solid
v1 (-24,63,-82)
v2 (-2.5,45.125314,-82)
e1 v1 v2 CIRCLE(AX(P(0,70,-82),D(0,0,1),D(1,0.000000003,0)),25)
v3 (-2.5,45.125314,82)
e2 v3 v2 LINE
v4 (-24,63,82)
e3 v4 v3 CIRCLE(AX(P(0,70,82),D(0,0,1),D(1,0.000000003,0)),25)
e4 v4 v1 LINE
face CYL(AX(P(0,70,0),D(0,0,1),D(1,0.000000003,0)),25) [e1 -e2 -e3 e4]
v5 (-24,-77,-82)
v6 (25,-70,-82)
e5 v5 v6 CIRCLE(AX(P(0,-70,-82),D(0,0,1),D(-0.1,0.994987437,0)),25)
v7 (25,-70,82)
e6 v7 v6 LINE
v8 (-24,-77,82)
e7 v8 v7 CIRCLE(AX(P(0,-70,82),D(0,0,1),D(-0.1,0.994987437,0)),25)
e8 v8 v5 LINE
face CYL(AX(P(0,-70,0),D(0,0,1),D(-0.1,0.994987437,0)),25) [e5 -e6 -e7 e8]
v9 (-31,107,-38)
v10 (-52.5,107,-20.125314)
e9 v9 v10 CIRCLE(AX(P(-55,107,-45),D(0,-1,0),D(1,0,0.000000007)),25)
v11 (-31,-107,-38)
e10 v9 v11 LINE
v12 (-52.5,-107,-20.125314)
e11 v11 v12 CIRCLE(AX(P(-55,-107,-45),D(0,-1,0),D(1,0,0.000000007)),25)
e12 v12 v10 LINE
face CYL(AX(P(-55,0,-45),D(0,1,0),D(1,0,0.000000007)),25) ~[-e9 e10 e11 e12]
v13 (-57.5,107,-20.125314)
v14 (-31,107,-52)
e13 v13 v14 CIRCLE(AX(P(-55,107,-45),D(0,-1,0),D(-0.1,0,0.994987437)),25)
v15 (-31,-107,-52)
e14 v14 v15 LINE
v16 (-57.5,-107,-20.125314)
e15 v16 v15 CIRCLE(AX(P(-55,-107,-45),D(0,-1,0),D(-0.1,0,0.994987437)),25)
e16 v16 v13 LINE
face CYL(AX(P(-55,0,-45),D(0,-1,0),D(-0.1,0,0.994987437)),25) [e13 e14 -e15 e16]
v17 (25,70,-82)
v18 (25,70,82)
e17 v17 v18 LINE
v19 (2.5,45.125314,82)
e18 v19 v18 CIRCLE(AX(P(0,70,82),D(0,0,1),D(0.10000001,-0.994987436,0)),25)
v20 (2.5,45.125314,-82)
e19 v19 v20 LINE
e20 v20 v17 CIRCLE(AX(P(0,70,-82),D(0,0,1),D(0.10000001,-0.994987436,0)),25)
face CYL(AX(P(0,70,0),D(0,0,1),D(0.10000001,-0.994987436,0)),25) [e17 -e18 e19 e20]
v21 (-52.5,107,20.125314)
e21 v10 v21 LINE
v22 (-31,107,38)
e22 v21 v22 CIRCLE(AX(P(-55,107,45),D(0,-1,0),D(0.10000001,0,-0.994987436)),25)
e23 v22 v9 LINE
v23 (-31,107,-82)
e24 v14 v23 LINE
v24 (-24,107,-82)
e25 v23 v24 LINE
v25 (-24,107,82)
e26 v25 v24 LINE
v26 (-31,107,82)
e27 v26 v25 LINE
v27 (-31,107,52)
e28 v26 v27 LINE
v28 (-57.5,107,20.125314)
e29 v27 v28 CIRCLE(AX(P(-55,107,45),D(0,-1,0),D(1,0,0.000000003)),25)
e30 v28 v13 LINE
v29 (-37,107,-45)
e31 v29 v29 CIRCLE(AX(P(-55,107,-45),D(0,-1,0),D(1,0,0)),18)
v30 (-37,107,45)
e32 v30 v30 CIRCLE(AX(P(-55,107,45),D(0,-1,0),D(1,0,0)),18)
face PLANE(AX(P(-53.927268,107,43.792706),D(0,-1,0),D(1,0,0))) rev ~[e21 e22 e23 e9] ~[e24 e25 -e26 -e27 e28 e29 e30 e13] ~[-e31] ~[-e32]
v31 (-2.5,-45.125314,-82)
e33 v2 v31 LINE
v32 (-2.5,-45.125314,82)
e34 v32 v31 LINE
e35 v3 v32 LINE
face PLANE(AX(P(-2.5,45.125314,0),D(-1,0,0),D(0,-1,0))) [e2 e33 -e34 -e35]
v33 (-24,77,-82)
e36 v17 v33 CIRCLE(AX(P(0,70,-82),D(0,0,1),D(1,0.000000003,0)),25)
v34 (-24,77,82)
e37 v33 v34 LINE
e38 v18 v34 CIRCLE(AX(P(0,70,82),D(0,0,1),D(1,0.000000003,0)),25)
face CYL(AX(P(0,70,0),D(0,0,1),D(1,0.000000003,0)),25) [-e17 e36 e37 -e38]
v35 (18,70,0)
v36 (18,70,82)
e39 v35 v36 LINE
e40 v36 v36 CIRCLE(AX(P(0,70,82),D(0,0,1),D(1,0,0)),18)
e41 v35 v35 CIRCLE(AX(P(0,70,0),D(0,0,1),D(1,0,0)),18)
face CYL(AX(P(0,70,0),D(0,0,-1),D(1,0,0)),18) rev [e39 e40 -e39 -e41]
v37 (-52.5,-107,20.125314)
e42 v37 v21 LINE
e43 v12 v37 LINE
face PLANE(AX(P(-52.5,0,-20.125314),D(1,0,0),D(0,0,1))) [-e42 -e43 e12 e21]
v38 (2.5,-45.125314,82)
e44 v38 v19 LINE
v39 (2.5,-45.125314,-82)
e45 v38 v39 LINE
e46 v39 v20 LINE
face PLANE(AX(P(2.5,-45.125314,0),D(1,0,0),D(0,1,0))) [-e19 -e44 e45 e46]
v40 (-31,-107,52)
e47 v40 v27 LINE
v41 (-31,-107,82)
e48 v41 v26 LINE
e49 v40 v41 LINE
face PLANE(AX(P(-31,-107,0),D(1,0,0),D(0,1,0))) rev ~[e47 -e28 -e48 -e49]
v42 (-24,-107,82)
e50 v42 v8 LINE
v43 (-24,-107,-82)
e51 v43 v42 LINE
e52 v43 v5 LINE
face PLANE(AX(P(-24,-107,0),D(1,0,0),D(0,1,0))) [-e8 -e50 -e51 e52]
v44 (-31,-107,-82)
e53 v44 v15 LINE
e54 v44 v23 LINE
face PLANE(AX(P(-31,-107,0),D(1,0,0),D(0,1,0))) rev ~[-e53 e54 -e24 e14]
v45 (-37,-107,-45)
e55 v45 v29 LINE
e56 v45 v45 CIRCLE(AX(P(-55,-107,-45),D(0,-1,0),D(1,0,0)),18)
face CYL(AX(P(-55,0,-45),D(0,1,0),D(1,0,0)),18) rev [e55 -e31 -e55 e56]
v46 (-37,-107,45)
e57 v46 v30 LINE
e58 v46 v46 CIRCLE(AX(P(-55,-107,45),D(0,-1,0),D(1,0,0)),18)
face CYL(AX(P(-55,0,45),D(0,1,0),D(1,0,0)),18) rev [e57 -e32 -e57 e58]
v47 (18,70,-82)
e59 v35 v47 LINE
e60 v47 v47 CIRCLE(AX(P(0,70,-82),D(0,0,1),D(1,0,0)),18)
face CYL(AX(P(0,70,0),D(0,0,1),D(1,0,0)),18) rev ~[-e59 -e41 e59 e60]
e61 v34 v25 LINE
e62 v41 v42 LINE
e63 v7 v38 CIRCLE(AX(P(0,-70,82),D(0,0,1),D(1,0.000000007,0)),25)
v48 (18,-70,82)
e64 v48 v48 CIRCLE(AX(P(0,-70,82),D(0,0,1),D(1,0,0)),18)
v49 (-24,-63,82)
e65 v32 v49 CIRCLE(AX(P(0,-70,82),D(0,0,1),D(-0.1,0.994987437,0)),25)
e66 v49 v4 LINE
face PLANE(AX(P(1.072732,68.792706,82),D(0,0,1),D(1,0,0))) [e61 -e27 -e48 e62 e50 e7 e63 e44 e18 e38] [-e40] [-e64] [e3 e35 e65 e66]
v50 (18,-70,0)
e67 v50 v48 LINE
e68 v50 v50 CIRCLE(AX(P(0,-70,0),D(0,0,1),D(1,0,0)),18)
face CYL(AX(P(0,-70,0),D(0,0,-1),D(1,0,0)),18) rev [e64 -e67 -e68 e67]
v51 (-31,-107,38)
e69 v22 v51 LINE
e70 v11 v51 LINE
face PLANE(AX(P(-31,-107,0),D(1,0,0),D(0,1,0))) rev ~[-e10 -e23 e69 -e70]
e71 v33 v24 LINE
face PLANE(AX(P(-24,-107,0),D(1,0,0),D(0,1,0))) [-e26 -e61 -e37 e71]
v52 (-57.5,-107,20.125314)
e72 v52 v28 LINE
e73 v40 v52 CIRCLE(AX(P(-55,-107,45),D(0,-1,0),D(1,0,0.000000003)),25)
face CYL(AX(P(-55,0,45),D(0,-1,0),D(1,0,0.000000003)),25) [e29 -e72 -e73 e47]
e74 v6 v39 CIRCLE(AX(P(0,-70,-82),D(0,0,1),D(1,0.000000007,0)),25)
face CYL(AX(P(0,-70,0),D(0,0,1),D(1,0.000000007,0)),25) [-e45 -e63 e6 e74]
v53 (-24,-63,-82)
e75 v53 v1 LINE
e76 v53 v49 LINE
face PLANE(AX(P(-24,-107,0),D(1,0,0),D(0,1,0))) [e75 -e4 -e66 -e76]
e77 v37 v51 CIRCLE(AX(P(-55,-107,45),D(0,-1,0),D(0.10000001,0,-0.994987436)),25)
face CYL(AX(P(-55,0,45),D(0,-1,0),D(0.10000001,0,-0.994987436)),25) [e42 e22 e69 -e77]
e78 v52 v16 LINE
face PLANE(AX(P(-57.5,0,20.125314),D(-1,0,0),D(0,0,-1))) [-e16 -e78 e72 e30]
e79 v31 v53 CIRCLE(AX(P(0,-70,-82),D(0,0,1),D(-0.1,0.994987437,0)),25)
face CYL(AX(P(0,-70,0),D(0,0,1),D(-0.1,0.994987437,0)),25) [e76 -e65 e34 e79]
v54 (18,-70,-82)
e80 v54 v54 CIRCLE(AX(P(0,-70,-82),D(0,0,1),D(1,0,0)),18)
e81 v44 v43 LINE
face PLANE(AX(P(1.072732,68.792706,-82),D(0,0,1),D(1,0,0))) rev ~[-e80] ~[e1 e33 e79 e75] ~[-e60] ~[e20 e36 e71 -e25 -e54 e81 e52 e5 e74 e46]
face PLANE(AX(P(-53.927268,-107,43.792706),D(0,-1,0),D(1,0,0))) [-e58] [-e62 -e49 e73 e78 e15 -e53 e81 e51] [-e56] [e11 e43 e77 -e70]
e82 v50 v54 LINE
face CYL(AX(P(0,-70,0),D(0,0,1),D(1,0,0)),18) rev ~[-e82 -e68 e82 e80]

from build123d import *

# Parameters (mm, degrees)
F2_W          = 7
F2_H          = 214
F3_DEPTH      = 82
F3_DEPTH_BACK = 82
F0_R          = 18
F4_DEPTH      = 107
F4_DEPTH_BACK = 107
F1_R          = 18
F5_DEPTH      = 82
F5_DEPTH_BACK = 82


with BuildPart() as f3:
    # F2 (on Top) → F3 (new body, two sides)
    with BuildSketch(Plane.XY) as f3_sk:
        with Locations((-27.5, 0)):
            Rectangle(F2_W, F2_H)
    extrude(amount=F3_DEPTH)
    extrude(f3_sk.sketch, amount=-F3_DEPTH_BACK)

    # F0 (on Front) → F4 (join, two sides)
    with BuildSketch(Plane.XZ) as f4_sk:
        with BuildLine():
            ThreePointArc((-52.5, 20.125314), (-36.459504, 28.22949), (-30, 45))
            ThreePointArc((-30, 45), (-71.77051, 63.540496), (-57.5, 20.125314))
            Line((-57.5, 20.125314), (-52.5, 20.125314))
        make_face()
        with Locations((-55, 45)):
            Circle(F0_R, mode=Mode.SUBTRACT)
        with BuildLine():
            Line((-52.5, -20.125314), (-57.5, -20.125314))
            ThreePointArc((-57.5, -20.125314), (-71.77051, -63.540496), (-30, -45))
            ThreePointArc((-30, -45), (-36.459504, -28.22949), (-52.5, -20.125314))
        make_face()
        with Locations((-55, -45)):
            Circle(F0_R, mode=Mode.SUBTRACT)
        with BuildLine():
            Line((-52.5, 20.125314), (-57.5, 20.125314))
            ThreePointArc((-57.5, 20.125314), (-55, 20), (-52.5, 20.125314))
        make_face()
        with BuildLine():
            ThreePointArc((-52.5, 20.125314), (-55, 20), (-57.5, 20.125314))
            Line((-57.5, 20.125314), (-57.5, -20.125314))
            ThreePointArc((-57.5, -20.125314), (-55, -20), (-52.5, -20.125314))
            Line((-52.5, -20.125314), (-52.5, 20.125314))
        make_face()
        with BuildLine():
            ThreePointArc((-52.5, -20.125314), (-55, -20), (-57.5, -20.125314))
            Line((-57.5, -20.125314), (-52.5, -20.125314))
        make_face()
    extrude(amount=F4_DEPTH)
    extrude(f4_sk.sketch, amount=-F4_DEPTH_BACK)

    # F1 (on Top) → F5 (join, two sides)
    with BuildSketch(Plane.XY) as f5_sk:
        with BuildLine():
            ThreePointArc((2.5, 45.125314), (18.540496, 53.22949), (25, 70))
            ThreePointArc((25, 70), (-16.77051, 88.540496), (-2.5, 45.125314))
            Line((-2.5, 45.125314), (2.5, 45.125314))
        make_face()
        with Locations((0, 70)):
            Circle(F1_R, mode=Mode.SUBTRACT)
        with BuildLine():
            ThreePointArc((2.5, 45.125314), (0, 45), (-2.5, 45.125314))
            Line((-2.5, 45.125314), (-2.5, -45.125314))
            ThreePointArc((-2.5, -45.125314), (0, -45), (2.5, -45.125314))
            Line((2.5, -45.125314), (2.5, 45.125314))
        make_face()
        with BuildLine():
            Line((2.5, 45.125314), (-2.5, 45.125314))
            ThreePointArc((-2.5, 45.125314), (0, 45), (2.5, 45.125314))
        make_face()
        with BuildLine():
            Line((2.5, -45.125314), (-2.5, -45.125314))
            ThreePointArc((-2.5, -45.125314), (-16.77051, -88.540496), (25, -70))
            ThreePointArc((25, -70), (18.540496, -53.22949), (2.5, -45.125314))
        make_face()
        with Locations((0, -70)):
            Circle(F1_R, mode=Mode.SUBTRACT)
        with BuildLine():
            ThreePointArc((2.5, -45.125314), (0, -45), (-2.5, -45.125314))
            Line((-2.5, -45.125314), (2.5, -45.125314))
        make_face()
    extrude(amount=F5_DEPTH)
    extrude(f5_sk.sketch, amount=-F5_DEPTH_BACK)


solid = f3.part
